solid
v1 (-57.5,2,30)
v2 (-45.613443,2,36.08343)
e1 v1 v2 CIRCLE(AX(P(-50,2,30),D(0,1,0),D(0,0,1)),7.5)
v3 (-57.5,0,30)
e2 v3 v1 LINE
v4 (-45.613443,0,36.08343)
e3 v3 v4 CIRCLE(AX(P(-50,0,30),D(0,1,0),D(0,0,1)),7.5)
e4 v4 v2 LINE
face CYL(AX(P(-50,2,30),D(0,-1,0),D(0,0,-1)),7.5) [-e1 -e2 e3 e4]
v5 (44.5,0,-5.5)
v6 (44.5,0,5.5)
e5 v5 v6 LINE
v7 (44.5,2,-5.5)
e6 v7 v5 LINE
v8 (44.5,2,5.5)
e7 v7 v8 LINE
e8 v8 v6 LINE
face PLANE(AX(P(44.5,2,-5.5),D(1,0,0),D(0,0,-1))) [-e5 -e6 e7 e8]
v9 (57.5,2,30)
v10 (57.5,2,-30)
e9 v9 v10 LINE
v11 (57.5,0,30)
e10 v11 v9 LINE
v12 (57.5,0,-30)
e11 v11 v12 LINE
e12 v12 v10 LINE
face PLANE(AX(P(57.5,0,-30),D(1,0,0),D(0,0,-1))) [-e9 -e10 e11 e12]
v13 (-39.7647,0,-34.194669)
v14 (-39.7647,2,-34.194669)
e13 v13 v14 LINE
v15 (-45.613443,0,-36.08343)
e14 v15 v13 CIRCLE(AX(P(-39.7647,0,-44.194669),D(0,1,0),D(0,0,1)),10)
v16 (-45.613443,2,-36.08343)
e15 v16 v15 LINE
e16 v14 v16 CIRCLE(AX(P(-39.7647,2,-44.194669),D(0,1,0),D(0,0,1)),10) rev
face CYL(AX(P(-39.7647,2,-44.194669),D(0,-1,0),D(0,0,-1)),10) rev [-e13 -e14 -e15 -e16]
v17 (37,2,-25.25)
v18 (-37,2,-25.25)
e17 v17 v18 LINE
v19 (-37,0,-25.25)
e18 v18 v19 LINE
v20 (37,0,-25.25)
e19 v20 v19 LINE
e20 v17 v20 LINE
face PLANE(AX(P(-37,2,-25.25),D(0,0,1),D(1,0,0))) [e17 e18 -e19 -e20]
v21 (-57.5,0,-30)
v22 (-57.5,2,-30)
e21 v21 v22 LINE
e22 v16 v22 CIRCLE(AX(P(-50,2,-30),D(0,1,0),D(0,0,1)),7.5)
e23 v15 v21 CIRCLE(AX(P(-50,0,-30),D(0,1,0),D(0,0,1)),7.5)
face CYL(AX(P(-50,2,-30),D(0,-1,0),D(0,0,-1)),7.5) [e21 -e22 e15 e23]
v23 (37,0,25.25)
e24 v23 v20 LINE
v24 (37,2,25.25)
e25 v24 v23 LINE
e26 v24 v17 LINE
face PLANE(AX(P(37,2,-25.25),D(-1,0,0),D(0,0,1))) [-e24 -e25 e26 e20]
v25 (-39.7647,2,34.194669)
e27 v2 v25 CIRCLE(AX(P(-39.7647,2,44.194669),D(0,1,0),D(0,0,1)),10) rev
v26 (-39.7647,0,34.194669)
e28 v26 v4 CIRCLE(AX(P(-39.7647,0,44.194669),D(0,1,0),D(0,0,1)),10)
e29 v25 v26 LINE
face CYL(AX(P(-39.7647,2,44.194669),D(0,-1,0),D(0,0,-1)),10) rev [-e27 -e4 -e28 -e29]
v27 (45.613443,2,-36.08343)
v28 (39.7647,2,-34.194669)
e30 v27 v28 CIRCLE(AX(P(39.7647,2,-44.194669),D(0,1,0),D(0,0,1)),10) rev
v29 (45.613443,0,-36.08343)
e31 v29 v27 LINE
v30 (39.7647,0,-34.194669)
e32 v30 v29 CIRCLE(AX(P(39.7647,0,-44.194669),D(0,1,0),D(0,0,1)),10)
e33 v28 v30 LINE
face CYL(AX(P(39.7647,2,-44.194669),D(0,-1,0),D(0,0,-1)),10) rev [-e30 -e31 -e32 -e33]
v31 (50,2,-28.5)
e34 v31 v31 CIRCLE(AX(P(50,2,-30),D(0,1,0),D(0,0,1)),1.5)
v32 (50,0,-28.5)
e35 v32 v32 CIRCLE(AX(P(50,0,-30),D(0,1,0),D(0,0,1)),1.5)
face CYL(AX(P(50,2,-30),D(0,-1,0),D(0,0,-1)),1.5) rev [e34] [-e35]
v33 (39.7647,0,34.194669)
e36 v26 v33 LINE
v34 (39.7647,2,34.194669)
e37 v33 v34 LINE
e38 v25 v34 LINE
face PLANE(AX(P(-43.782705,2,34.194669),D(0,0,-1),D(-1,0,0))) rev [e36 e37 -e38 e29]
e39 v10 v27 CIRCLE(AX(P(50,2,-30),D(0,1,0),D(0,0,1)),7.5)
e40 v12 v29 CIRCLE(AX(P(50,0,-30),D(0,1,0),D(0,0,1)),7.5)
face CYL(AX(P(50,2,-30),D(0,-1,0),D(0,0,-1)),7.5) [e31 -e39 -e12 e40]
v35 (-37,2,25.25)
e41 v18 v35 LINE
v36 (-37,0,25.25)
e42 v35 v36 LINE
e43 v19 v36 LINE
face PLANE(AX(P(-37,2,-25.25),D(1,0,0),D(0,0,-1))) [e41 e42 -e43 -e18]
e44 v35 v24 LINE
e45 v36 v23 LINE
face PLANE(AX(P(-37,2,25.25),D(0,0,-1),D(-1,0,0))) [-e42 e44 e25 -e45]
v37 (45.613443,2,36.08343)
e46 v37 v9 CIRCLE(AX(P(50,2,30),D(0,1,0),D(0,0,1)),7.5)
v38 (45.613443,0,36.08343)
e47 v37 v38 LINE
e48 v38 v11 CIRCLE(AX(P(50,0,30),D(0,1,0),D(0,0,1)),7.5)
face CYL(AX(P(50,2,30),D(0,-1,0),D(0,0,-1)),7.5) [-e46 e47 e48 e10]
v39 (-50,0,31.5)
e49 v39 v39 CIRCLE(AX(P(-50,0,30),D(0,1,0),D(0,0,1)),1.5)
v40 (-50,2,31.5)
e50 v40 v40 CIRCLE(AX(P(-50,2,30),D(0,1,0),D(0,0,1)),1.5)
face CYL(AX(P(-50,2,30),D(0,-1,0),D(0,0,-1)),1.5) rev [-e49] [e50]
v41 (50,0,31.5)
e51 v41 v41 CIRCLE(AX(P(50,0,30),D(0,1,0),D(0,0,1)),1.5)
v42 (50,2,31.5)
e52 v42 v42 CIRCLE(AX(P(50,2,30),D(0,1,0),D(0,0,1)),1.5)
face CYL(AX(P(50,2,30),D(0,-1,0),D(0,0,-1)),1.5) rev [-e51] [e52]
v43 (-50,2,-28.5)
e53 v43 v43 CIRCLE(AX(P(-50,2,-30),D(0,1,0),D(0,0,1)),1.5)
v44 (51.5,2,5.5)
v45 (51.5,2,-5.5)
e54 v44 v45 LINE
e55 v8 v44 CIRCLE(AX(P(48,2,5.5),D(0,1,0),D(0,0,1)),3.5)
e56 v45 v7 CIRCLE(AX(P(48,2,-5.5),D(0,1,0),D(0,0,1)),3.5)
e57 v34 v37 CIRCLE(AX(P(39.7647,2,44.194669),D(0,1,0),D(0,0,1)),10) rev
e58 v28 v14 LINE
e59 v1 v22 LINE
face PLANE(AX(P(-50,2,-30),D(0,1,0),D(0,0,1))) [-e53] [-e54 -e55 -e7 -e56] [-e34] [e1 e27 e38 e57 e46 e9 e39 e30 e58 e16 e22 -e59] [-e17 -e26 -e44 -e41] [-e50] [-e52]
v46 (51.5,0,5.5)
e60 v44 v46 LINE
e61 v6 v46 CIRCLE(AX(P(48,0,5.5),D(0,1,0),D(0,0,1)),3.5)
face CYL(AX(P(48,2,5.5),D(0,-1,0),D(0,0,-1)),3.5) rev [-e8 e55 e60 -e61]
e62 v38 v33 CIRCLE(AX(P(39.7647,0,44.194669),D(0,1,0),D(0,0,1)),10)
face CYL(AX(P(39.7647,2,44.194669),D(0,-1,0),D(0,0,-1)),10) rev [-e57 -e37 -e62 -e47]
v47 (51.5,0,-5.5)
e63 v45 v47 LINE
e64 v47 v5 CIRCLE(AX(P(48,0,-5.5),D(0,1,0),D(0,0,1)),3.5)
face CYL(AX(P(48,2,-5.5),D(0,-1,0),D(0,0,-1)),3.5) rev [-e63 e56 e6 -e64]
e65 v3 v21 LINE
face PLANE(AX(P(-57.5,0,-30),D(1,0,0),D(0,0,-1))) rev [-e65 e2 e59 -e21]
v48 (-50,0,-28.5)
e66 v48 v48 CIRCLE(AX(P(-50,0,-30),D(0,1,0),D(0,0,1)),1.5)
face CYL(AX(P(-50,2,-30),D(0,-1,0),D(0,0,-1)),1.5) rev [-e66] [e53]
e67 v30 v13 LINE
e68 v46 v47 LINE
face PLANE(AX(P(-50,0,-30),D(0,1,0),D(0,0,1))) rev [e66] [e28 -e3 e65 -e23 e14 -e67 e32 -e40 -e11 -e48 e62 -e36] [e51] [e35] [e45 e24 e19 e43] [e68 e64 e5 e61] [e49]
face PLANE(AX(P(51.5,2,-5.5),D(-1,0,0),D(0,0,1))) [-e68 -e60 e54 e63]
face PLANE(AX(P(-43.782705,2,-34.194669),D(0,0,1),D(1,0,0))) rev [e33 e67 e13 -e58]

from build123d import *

# Parameters (mm, degrees)
SKETCH2_R           = 1.5
SKETCH2_W           = 74
SKETCH2_H           = 50.5
BOSS_EXTRUDE1_DEPTH = 2
SKETCH4_W           = 6
SKETCH4_H           = 60
BOSS_EXTRUDE3_DEPTH = 2
FILLET1_R           = 10


with BuildPart() as part:
    # Sketch2 → Boss-Extrude1 (new body)
    with BuildSketch(Plane(origin=(0, 0, 0), x_dir=(1, 0, 0), z_dir=(0, 1, 0))):
        with BuildLine():
            Line((-43.782705459, 34.194669068), (43.782705459, 34.194669068))
            ThreePointArc((43.782705459, 34.194669068), (55.303300859, 35.303300859), (54.194669068, 23.782705459))
            Line((54.194669068, 23.782705459), (54.194669068, -23.782705459))
            ThreePointArc((54.194669068, -23.782705459), (55.303300859, -35.303300859), (43.782705459, -34.194669068))
            Line((43.782705459, -34.194669068), (-43.782705459, -34.194669068))
            ThreePointArc((-43.782705459, -34.194669068), (-55.303300859, -35.303300859), (-54.194669068, -23.782705459))
            Line((-54.194669068, -23.782705459), (-54.194669068, 23.782705459))
            ThreePointArc((-54.194669068, 23.782705459), (-55.303300859, 35.303300859), (-43.782705459, 34.194669068))
        make_face()
        with Locations(Location((-50, -30, 0), (0, 0, 270))):
            Circle(SKETCH2_R, mode=Mode.SUBTRACT)
        with Locations(Location((50, -30, 0), (0, 0, 270))):
            Circle(SKETCH2_R, mode=Mode.SUBTRACT)
        with Locations(Location((-50, 30, 0), (0, 0, 270))):
            Circle(SKETCH2_R, mode=Mode.SUBTRACT)
        with Locations(Location((50, 30, 0), (0, 0, 270))):
            Circle(SKETCH2_R, mode=Mode.SUBTRACT)
        Rectangle(SKETCH2_W, SKETCH2_H, mode=Mode.SUBTRACT)
        with BuildLine():
            Line((51.5, 5.5), (51.5, -5.5))
            ThreePointArc((51.5, -5.5), (48, -9), (44.5, -5.5))
            Line((44.5, -5.5), (44.5, 5.5))
            ThreePointArc((44.5, 5.5), (48, 9), (51.5, 5.5))
        make_face(mode=Mode.SUBTRACT)
    extrude(amount=BOSS_EXTRUDE1_DEPTH)

    # Sketch4 → Boss-Extrude3 (add, through all)
    with BuildSketch(Plane(origin=(0, 2, 0), x_dir=(1, 0, 0), z_dir=(0, 1, 0))):
        with Locations((54.5, 0)):
            Rectangle(SKETCH4_W, SKETCH4_H)
    boss_extrude3 = extrude(amount=-BOSS_EXTRUDE3_DEPTH)

    # Mirror1: Boss-Extrude3 across plane
    add(boss_extrude3.mirror(Plane(origin=(0, 0, 0), x_dir=(0, 0, 1), z_dir=(1, 0, 0))))

    # Fillet1
    fillet1_edges = [part.edges().sort_by_distance(p)[0] for p in [
        (-43.782705459, 1, -34.194669068),
        (43.782705459, 1, -34.194669068),
        (43.782705459, 1, 34.194669068),
        (-43.782705459, 1, 34.194669068),
    ]]
    fillet(fillet1_edges, radius=FILLET1_R)


solid = part.part
